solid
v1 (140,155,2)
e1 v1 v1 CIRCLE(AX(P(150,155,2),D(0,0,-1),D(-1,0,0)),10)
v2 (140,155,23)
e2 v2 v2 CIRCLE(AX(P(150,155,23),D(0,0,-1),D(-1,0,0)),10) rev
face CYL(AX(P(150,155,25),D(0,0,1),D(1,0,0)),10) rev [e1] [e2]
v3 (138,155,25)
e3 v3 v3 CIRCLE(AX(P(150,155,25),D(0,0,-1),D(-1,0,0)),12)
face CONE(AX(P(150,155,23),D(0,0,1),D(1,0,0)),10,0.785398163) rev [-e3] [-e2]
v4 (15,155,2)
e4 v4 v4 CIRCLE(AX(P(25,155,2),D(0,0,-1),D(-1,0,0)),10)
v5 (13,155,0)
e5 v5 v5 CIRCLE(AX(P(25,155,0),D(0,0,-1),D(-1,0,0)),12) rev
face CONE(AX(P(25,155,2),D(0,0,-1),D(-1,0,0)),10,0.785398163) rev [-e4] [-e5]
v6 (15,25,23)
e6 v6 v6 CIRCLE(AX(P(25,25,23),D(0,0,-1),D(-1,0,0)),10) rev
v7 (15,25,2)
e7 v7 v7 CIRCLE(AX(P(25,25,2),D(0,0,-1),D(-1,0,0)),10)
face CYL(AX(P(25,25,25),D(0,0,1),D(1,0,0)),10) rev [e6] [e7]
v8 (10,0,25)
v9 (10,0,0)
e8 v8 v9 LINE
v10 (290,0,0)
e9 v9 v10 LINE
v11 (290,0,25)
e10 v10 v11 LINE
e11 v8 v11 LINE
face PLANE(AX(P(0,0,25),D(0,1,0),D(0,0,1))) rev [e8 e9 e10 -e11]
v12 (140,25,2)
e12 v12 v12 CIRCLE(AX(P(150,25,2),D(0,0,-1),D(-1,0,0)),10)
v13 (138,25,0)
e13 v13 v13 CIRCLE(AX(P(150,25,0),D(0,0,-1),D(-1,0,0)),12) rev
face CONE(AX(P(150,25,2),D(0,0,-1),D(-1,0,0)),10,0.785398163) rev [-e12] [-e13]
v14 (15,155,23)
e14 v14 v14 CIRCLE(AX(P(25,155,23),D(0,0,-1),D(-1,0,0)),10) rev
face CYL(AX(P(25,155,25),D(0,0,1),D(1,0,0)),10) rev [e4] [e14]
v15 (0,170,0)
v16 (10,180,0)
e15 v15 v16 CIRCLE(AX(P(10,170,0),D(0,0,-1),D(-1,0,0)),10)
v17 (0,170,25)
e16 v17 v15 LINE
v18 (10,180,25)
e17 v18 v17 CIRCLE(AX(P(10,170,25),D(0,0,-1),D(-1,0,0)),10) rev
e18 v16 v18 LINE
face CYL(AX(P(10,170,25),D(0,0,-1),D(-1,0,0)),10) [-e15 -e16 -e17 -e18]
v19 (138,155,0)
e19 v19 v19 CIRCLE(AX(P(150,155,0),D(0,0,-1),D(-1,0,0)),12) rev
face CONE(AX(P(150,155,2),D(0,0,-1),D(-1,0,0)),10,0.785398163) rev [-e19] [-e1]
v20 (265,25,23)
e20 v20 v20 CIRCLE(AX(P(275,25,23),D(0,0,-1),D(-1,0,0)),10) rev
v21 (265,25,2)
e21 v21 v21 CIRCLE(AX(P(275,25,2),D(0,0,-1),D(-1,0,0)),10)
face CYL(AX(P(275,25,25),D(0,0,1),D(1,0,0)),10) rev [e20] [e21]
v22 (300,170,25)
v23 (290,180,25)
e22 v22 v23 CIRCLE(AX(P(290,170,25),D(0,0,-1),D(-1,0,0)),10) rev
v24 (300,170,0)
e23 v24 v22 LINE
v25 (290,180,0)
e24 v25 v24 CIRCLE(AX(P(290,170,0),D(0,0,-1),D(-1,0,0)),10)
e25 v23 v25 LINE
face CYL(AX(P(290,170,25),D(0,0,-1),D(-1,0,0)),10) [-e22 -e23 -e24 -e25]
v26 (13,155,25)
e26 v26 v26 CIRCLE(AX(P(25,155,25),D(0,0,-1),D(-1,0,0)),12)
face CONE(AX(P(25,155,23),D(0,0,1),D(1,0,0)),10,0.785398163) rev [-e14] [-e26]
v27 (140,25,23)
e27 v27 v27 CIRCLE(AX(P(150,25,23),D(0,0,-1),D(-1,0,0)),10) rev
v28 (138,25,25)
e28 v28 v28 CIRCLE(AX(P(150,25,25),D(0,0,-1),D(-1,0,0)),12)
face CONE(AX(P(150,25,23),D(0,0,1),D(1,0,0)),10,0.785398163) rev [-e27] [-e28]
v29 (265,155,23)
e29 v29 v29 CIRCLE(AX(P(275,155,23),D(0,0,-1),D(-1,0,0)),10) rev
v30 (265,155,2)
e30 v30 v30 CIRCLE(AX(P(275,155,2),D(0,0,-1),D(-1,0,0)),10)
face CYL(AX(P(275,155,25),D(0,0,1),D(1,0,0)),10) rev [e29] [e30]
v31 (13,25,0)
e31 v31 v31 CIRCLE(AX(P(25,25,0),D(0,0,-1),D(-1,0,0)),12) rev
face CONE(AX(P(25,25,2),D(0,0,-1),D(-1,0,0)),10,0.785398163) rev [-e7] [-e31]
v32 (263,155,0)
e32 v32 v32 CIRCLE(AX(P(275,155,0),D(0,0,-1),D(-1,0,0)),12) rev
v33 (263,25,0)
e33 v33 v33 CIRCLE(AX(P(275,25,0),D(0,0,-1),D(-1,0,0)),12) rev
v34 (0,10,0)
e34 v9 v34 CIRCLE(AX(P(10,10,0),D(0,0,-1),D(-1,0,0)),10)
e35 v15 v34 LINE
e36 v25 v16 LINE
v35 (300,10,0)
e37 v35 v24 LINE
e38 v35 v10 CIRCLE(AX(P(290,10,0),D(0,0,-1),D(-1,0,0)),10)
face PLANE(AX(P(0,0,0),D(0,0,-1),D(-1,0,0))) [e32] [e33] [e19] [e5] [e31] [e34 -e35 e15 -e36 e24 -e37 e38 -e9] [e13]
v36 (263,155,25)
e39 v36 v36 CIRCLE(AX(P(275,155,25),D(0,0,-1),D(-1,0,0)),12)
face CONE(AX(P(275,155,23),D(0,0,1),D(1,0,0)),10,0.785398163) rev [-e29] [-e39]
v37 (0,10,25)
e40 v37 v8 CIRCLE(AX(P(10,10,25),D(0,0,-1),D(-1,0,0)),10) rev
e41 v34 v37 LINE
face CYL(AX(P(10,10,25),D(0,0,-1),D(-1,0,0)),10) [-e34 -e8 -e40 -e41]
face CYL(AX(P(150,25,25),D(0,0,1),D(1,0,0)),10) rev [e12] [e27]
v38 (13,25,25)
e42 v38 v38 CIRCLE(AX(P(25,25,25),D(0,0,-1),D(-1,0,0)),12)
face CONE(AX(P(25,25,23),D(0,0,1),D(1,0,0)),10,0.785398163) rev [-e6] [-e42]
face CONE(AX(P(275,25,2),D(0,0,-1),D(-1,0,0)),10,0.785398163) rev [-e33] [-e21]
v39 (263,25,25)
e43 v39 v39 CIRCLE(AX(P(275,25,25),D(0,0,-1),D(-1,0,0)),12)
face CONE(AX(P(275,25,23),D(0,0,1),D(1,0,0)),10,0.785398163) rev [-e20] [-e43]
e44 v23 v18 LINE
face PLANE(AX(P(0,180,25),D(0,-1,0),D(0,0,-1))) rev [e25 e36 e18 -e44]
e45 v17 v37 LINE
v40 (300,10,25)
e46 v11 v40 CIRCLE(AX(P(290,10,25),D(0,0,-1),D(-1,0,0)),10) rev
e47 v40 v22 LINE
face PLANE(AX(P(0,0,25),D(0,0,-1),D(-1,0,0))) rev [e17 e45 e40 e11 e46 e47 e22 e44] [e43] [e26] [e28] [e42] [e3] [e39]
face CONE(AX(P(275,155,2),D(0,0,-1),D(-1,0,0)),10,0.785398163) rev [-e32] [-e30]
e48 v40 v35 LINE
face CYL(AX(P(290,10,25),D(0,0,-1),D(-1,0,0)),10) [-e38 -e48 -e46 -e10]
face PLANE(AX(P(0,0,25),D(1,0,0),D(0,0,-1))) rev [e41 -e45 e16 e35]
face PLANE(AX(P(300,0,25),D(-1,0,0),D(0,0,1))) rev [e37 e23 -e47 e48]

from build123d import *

# Parameters (mm, degrees)
SKETCH_1_W       = 300
SKETCH_1_H       = 180
EXTRUDE_1_DEPTH  = 25
FILLET_1_R       = 10
F_20_0MM_1_D     = 20
F_20_0MM_1_DEPTH = 59
F_20_0MM_1_TIP   = 6.00860619
F_20_0MM_2_D     = 20
F_20_0MM_2_DEPTH = 59
F_20_0MM_2_TIP   = 6.00860619
CHAMFER_1_SIZE   = 2


with BuildPart() as part:
    # 草圖1 → 填料-伸長1 (new body)
    with BuildSketch(Plane.XY):
        with Locations((150, 90)):
            Rectangle(SKETCH_1_W, SKETCH_1_H)
    extrude(amount=EXTRUDE_1_DEPTH)

    # 圓角1
    fillet_1_edges = [part.edges().sort_by_distance(p)[0] for p in [
        (0, 180, 12.5),
        (300, 180, 12.5),
        (300, 0, 12.5),
        (0, 0, 12.5),
    ]]
    fillet(fillet_1_edges, radius=FILLET_1_R)

    # Ø20.0mm 定位孔1
    with Locations(Plane(origin=(25, 25, 25), x_dir=(1, 0, 0), z_dir=(0, 0, 1))):
        with Locations((0, 0), (0, 130), (125, 130), (250, 0), (250, 130)):
            Hole(F_20_0MM_1_D / 2, depth=F_20_0MM_1_DEPTH)
            with Locations((0, 0, -(F_20_0MM_1_DEPTH + F_20_0MM_1_TIP / 2))):  # 118° drill point
                Cone(0, F_20_0MM_1_D / 2, F_20_0MM_1_TIP, mode=Mode.SUBTRACT)

    # Ø20.0mm 定位孔2
    with Locations(Plane(origin=(150, 25, 25), x_dir=(1, 0, 0), z_dir=(0, 0, 1))):
        with Locations((0, 0)):
            Hole(F_20_0MM_2_D / 2, depth=F_20_0MM_2_DEPTH)
            with Locations((0, 0, -(F_20_0MM_2_DEPTH + F_20_0MM_2_TIP / 2))):  # 118° drill point
                Cone(0, F_20_0MM_2_D / 2, F_20_0MM_2_TIP, mode=Mode.SUBTRACT)

    # 導角1
    chamfer_1_edges = [part.edges().sort_by_distance(p)[0] for p in [
        (285, 155, 0),
        (285, 155, 25),
        (285, 25, 0),
        (285, 25, 25),
        (160, 155, 0),
        (160, 155, 25),
        (35, 155, 0),
        (35, 155, 25),
        (35, 25, 0),
        (35, 25, 25),
        (160, 25, 0),
        (160, 25, 25),
    ]]
    chamfer(chamfer_1_edges, length=CHAMFER_1_SIZE)


solid = part.part
